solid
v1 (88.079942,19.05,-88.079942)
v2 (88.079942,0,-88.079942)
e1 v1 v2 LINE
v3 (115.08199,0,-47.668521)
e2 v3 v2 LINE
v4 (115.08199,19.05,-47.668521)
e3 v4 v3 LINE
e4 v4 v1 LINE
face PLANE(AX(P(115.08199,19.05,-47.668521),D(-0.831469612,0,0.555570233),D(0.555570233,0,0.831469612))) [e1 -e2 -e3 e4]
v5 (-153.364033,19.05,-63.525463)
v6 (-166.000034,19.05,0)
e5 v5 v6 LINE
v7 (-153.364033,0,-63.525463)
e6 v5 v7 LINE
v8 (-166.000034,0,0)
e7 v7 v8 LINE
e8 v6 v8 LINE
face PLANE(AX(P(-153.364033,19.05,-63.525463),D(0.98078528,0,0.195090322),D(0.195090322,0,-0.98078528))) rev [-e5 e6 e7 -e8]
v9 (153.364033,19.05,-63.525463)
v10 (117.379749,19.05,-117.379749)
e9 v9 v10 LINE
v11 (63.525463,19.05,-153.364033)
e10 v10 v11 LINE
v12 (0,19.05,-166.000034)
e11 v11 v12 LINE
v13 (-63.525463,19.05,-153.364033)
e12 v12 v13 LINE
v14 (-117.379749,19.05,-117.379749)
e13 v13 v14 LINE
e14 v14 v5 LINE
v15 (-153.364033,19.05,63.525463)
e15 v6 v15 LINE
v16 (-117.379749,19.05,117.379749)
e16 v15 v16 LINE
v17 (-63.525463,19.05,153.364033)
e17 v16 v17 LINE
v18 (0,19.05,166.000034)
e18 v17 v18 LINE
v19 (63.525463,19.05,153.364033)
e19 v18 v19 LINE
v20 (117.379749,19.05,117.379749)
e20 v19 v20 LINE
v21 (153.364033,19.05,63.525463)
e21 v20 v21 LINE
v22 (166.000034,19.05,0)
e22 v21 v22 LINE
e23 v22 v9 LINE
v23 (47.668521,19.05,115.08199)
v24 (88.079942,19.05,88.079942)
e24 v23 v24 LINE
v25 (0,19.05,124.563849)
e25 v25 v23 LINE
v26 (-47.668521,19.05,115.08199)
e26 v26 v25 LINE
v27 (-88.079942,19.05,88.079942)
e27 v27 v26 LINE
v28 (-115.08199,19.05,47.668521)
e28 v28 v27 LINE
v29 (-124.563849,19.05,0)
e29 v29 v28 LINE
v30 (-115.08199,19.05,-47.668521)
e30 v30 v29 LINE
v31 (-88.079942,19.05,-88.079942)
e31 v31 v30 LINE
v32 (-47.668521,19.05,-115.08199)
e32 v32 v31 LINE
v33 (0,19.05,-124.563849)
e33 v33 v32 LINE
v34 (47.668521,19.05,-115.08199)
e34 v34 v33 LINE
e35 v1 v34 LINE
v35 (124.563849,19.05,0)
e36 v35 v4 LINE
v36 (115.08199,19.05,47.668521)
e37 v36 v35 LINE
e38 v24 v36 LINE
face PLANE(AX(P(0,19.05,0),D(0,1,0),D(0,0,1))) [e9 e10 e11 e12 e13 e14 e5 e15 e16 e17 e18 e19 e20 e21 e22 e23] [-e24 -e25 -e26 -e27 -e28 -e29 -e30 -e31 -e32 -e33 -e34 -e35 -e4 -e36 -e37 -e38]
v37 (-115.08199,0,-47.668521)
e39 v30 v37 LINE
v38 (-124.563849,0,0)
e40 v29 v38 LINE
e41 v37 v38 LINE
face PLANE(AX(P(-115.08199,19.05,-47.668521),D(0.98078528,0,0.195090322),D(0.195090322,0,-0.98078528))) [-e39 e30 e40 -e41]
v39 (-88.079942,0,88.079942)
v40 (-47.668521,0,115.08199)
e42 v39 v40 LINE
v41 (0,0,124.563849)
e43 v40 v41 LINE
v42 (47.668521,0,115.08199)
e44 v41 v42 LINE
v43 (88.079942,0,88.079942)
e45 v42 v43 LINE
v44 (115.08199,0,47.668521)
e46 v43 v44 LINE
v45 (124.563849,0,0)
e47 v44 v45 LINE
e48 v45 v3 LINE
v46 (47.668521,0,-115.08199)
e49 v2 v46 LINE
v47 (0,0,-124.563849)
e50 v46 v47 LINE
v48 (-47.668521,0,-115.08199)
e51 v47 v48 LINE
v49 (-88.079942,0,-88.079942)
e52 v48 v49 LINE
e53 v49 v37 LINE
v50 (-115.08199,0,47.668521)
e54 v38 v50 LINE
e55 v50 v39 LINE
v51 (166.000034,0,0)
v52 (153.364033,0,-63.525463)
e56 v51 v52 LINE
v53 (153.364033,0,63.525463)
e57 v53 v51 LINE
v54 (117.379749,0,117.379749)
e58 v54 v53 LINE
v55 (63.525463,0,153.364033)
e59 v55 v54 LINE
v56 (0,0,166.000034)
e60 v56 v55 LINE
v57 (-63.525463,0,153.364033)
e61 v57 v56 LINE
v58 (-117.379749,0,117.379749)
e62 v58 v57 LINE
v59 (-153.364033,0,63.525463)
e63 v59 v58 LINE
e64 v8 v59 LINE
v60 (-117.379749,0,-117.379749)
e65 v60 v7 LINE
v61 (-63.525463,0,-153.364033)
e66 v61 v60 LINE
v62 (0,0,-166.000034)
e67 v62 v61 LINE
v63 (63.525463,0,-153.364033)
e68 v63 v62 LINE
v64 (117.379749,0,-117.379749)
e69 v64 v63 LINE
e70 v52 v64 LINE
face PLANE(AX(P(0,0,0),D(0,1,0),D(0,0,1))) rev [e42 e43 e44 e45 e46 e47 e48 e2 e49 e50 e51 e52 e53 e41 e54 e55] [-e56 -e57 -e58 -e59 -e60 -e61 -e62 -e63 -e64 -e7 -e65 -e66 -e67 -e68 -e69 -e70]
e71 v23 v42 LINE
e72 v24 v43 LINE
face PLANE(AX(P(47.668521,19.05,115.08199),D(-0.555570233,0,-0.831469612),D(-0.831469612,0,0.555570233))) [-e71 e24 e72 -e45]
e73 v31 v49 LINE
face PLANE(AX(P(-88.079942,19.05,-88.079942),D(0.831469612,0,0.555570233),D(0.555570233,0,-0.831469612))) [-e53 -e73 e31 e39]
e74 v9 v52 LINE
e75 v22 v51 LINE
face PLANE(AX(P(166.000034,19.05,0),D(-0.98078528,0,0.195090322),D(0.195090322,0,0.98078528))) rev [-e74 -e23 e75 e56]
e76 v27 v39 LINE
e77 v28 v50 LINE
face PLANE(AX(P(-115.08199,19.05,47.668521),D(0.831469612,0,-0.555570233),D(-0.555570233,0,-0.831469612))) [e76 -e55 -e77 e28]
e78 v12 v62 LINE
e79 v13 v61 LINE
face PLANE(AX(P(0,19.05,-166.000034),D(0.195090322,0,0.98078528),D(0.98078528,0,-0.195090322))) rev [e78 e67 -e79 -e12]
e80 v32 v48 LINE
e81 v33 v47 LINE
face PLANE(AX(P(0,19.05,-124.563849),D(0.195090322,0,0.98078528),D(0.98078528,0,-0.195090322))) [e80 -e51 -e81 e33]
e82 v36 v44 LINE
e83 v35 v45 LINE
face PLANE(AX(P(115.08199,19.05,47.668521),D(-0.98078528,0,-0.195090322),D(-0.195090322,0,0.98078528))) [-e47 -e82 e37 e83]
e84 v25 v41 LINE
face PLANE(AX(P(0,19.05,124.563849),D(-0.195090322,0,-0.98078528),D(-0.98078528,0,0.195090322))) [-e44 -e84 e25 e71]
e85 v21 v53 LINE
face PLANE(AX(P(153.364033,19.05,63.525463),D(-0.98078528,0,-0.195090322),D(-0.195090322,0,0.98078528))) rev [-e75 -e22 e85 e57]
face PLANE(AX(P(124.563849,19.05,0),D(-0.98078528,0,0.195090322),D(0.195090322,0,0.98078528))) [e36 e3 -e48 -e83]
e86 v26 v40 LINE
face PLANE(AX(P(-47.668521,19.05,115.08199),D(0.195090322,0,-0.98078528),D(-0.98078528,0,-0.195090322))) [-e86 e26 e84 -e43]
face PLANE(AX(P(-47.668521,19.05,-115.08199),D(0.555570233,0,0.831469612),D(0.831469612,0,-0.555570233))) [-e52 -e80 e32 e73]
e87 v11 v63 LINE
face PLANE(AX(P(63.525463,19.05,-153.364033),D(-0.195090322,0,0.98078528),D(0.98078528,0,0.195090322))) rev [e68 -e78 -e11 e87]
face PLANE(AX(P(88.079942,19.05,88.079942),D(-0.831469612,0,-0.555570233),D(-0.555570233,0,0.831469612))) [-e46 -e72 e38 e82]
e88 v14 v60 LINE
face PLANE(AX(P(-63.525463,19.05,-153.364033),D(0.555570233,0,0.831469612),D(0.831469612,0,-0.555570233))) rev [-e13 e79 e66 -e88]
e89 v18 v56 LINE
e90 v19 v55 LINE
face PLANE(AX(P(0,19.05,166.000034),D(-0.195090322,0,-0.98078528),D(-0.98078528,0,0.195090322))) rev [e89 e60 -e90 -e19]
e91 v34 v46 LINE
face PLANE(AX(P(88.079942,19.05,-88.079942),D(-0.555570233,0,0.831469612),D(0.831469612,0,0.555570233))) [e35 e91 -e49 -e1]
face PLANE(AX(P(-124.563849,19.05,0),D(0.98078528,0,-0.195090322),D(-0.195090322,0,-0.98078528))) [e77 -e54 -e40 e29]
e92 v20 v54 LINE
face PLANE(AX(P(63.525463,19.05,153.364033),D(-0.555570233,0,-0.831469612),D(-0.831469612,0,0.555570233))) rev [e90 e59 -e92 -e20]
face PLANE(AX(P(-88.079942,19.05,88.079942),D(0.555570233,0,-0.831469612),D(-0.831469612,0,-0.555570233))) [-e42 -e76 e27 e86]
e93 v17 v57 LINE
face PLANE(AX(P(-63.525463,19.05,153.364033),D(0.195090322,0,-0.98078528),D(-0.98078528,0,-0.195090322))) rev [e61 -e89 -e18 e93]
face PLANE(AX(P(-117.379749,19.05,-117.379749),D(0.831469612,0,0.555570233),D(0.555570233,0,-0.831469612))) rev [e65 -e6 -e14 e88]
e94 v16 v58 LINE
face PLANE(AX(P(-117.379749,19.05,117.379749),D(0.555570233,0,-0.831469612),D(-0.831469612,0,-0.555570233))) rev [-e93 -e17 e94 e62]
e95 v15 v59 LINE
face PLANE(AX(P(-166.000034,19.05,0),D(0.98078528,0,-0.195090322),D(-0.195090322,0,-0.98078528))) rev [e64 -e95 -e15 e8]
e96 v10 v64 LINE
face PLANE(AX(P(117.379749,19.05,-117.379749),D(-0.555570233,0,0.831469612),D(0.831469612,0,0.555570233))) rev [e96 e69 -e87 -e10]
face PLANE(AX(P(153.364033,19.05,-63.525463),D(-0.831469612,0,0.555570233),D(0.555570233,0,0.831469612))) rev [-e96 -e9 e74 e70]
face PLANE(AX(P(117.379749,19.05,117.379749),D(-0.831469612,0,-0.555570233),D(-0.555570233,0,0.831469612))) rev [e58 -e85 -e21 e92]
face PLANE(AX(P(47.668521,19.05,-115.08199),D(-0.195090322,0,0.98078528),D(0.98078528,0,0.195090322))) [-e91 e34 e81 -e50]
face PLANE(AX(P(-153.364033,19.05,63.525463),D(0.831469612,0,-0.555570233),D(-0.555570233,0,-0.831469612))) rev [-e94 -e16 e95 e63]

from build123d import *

# Parameters (mm, degrees)
BOSS_EXTRUDE1_DEPTH = 19.05


with BuildPart() as part:
    # Sketch1 → Boss-Extrude1 (new body)
    with BuildSketch(Plane(origin=(0, 0, 0), x_dir=(1, 0, 0), z_dir=(0, 1, 0))):
        Polygon((166.00003355, 0), (153.364033393, 63.525462612), (117.379749401, 117.379749401), (63.525462612, 153.364033393), (0, 166.00003355), (-63.525462612, 153.364033393), (-117.379749401, 117.379749401), (-153.364033393, 63.525462612), (-166.00003355, 0), (-153.364033393, -63.525462612), (-117.379749401, -117.379749401), (-63.525462612, -153.364033393), (0, -166.00003355), (63.525462612, -153.364033393), (117.379749401, -117.379749401), (153.364033393, -63.525462612), align=None)
        Polygon((124.563848881, 0), (115.081990472, 47.668521238), (88.079942234, 88.079942234), (47.668521238, 115.081990472), (0, 124.563848881), (-47.668521238, 115.081990472), (-88.079942234, 88.079942234), (-115.081990472, 47.668521238), (-124.563848881, 0), (-115.081990472, -47.668521238), (-88.079942234, -88.079942234), (-47.668521238, -115.081990472), (0, -124.563848881), (47.668521238, -115.081990472), (88.079942234, -88.079942234), (115.081990472, -47.668521238), align=None, mode=Mode.SUBTRACT)
    extrude(amount=BOSS_EXTRUDE1_DEPTH)


solid = part.part
